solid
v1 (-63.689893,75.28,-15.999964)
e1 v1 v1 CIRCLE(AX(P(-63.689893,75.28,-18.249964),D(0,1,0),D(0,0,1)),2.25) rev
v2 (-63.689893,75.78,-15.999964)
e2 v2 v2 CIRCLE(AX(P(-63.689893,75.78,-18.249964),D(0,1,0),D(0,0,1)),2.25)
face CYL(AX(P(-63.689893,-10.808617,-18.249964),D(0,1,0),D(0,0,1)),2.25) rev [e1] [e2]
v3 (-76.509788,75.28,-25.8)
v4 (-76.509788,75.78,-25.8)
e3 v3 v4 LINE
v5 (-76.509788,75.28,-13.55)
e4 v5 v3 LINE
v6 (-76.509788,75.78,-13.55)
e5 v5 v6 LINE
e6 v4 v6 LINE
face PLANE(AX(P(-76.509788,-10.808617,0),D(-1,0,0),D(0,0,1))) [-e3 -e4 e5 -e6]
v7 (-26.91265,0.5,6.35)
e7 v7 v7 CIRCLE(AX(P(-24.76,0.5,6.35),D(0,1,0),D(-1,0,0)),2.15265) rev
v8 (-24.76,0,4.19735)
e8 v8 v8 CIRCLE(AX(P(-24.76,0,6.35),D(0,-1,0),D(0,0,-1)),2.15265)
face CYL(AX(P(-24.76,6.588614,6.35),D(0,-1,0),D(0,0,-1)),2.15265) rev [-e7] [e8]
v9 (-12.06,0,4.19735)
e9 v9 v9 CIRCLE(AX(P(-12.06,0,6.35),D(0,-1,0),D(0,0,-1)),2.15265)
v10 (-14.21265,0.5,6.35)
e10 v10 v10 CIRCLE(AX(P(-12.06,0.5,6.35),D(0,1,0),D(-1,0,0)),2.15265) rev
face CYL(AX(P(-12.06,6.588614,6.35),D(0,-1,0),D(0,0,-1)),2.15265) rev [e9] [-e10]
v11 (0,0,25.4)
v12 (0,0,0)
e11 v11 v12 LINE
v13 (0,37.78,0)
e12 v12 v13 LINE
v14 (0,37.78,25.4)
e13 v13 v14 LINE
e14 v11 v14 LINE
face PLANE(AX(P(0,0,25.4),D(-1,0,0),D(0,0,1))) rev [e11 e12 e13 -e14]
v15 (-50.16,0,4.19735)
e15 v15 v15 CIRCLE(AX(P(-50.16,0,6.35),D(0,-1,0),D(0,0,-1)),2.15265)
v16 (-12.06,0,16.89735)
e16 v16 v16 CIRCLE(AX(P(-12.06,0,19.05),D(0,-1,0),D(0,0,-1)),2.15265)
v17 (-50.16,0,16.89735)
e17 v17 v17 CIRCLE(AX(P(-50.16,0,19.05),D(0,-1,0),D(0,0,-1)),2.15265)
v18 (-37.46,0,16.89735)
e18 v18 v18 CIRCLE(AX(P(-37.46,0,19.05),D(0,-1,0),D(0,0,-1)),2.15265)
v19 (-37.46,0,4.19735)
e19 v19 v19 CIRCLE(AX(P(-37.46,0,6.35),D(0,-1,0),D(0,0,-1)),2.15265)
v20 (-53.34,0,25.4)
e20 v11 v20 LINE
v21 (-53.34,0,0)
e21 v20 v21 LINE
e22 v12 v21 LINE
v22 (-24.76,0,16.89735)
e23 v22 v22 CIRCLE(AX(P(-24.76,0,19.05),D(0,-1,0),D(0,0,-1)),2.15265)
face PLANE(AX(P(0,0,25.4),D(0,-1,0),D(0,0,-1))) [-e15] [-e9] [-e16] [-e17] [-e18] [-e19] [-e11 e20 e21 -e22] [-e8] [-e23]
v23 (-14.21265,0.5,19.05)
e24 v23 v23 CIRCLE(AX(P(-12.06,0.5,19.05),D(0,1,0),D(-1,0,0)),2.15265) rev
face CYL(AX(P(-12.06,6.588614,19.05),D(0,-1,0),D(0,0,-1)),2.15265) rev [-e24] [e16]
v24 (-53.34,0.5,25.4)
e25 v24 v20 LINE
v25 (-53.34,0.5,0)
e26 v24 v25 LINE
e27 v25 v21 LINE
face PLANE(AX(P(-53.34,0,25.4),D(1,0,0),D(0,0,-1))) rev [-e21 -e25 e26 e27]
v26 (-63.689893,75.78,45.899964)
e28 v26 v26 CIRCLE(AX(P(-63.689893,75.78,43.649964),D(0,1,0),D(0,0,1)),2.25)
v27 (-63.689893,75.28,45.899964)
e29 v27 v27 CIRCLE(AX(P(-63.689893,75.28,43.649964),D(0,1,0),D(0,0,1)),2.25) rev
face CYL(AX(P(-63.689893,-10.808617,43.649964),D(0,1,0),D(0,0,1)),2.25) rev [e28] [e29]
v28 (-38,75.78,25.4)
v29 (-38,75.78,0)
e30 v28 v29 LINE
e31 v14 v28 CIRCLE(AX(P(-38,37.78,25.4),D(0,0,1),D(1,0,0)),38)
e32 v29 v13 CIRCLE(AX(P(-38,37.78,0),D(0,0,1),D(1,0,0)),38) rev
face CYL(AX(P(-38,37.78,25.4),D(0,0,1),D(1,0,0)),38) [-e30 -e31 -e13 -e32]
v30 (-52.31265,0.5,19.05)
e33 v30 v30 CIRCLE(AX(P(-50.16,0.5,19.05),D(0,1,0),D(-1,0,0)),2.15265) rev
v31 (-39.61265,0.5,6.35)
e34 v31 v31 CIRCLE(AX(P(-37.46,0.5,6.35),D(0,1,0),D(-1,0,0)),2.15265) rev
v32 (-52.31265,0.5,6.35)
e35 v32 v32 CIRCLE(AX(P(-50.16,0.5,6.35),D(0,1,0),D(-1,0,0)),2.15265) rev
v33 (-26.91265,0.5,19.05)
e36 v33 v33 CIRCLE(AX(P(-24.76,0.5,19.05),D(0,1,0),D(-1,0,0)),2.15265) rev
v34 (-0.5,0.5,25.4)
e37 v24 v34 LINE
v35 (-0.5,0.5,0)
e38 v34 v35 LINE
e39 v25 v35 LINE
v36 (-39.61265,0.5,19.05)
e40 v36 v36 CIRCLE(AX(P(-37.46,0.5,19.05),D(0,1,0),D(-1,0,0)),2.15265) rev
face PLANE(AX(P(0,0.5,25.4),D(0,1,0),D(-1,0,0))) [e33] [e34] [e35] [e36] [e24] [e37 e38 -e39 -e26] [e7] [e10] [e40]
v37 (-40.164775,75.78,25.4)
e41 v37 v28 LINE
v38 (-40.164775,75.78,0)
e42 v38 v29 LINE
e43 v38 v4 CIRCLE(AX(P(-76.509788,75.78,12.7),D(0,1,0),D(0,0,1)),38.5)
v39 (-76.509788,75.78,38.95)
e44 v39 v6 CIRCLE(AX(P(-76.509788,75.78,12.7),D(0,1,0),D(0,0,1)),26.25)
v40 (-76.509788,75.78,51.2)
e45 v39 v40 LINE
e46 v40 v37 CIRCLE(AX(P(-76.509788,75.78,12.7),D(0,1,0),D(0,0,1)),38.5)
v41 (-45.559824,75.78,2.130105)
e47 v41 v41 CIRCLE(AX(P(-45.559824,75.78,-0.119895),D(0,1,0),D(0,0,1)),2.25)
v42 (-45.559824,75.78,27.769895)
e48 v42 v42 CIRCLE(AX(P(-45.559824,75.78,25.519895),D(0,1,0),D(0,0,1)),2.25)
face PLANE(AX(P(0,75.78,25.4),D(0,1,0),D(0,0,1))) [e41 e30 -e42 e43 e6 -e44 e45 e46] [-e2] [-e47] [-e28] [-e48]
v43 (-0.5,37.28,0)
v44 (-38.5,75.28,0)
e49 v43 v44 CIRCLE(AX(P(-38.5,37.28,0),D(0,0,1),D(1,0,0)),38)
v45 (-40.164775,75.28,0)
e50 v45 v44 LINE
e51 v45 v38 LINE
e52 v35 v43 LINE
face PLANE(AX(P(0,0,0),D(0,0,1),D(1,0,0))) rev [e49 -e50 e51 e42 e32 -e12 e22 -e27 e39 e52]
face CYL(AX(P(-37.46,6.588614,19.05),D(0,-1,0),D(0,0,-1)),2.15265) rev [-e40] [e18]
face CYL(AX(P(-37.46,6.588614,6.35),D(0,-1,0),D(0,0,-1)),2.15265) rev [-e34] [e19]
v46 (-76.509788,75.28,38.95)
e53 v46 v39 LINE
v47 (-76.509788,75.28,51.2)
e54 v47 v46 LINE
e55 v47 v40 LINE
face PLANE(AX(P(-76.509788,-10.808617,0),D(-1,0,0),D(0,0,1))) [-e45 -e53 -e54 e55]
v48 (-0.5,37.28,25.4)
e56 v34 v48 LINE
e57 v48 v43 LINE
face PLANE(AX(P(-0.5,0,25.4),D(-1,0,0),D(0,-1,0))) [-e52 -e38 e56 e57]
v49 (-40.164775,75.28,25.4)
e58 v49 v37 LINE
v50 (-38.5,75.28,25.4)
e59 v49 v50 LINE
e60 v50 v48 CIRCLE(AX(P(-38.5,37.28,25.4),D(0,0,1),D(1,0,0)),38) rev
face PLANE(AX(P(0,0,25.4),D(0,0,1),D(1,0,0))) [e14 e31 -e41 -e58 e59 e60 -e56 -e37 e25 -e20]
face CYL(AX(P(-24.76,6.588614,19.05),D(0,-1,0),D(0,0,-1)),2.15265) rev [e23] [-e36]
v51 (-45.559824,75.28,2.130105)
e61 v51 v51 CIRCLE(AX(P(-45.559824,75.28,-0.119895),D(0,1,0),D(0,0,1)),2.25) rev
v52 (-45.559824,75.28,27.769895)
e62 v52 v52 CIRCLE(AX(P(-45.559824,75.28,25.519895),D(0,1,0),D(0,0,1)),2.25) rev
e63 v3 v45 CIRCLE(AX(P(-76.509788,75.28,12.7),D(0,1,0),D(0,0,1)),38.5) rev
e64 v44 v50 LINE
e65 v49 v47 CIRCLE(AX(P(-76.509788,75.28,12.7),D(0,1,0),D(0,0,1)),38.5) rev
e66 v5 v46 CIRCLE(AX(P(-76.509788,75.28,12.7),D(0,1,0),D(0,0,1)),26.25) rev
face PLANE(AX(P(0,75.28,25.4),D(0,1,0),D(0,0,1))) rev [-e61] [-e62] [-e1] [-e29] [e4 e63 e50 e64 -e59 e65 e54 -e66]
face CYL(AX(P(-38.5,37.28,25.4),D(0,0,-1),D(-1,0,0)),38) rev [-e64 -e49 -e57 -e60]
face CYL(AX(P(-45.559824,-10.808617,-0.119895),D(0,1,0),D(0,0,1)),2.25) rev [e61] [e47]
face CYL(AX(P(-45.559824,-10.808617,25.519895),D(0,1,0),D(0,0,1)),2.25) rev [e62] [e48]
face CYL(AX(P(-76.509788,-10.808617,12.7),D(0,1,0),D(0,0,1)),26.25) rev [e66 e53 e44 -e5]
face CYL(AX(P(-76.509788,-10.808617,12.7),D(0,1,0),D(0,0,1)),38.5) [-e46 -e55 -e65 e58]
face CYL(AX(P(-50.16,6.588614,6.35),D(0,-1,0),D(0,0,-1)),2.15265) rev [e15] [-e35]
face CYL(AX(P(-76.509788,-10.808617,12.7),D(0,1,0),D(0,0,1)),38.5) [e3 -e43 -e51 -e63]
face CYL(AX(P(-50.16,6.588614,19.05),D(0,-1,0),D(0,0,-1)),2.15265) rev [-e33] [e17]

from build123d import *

# Parameters (mm, degrees)
BOSS_EXTRUDE1_DEPTH = 25.4
SKETCH3_R           = 2.15265
CUT_EXTRUDE1_DEPTH  = 0.5
SKETCH2_R           = 2.25
BOSS_EXTRUDE2_DEPTH = 0.5
CUT_EXTRUDE2_DEPTH  = 0.5
FILLET2_R           = 38


with BuildPart() as part:
    # Sketch1 → Boss-Extrude1 (new body)
    with BuildSketch(Plane.XY):
        Polygon((-0.5, 0.5), (-53.34, 0.5), (-53.34, 0), (0, 0), (0, 75.78), (-76.50978813, 75.78), (-76.50978813, 75.28), (-0.5, 75.28), align=None)
    extrude(amount=BOSS_EXTRUDE1_DEPTH)

    # Sketch3 → Cut-Extrude1 (cut)
    with BuildSketch(Plane(origin=(0, 0, 0), x_dir=(-1, 0, 0), z_dir=(0, -1, 0))):
        with Locations(Location((50.16, -19.05, 0), (0, 0, 90))):
            Circle(SKETCH3_R)
        with Locations(Location((37.46, -19.05, 0), (0, 0, 90))):
            Circle(SKETCH3_R)
        with Locations(Location((24.76, -19.05, 0), (0, 0, 90))):
            Circle(SKETCH3_R)
        with Locations(Location((12.06, -19.05, 0), (0, 0, 90))):
            Circle(SKETCH3_R)
        with Locations(Location((37.46, -6.35, 0), (0, 0, 90))):
            Circle(SKETCH3_R)
        with Locations(Location((24.76, -6.35, 0), (0, 0, 90))):
            Circle(SKETCH3_R)
        with Locations(Location((12.06, -6.35, 0), (0, 0, 90))):
            Circle(SKETCH3_R)
        with Locations(Location((50.16, -6.35, 0), (0, 0, 90))):
            Circle(SKETCH3_R)
    extrude(amount=-CUT_EXTRUDE1_DEPTH, mode=Mode.SUBTRACT)

    # Sketch2 → Boss-Extrude2 (add)
    with BuildSketch(Plane(origin=(0, 75.78, 0), x_dir=(1, 0, 0), z_dir=(0, 1, 0))):
        with BuildLine():
            ThreePointArc((-38.00978813, -12.7), (-49.286177054, 14.523611076), (-76.50978813, 25.8))
            Line((-76.50978813, 25.8), (-76.50978813, 13.55))
            ThreePointArc((-76.50978813, 13.55), (-57.948235124, 5.861553006), (-50.25978813, -12.7))
            ThreePointArc((-50.25978813, -12.7), (-57.948235124, -31.261553006), (-76.50978813, -38.95))
            Line((-76.50978813, -38.95), (-76.50978813, -51.2))
            ThreePointArc((-76.50978813, -51.2), (-49.286177054, -39.923611076), (-38.00978813, -12.7))
        make_face()
        with Locations(Location((-63.689893146, -43.649964339, 0), (0, 0, 270))):
            Circle(SKETCH2_R, mode=Mode.SUBTRACT)
        with Locations((-45.559823791, -25.519894984)):
            Circle(SKETCH2_R, mode=Mode.SUBTRACT)
        with Locations((-45.559823791, 0.119894984)):
            Circle(SKETCH2_R, mode=Mode.SUBTRACT)
        with Locations(Location((-63.689893146, 18.249964339, 0), (0, 0, 270))):
            Circle(SKETCH2_R, mode=Mode.SUBTRACT)
    extrude(amount=-BOSS_EXTRUDE2_DEPTH)

    # Sketch2<3> → Cut-Extrude2 (cut)
    with BuildSketch(Plane(origin=(0, 75.78, 0), x_dir=(1, 0, 0), z_dir=(0, 1, 0))):
        with BuildLine():
            Line((-43.313020463, -25.4), (-47.806627118, -25.4))
            ThreePointArc((-47.806627118, -25.4), (-45.619792587, -27.769095674), (-43.309823791, -25.519894984))
            ThreePointArc((-43.309823791, -25.519894984), (-43.310623101, -25.459926188), (-43.313020463, -25.4))
        make_face()
        with BuildLine():
            ThreePointArc((-43.313020463, -25.4), (-45.559823791, -23.269894984), (-47.806627118, -25.4))
            Line((-47.806627118, -25.4), (-43.313020463, -25.4))
        make_face()
        with BuildLine():
            Line((-43.313020463, 0), (-47.806627118, 0))
            ThreePointArc((-47.806627118, 0), (-45.559823791, -2.130105016), (-43.313020463, 0))
        make_face()
        with BuildLine():
            ThreePointArc((-43.309823791, 0.119894984), (-45.619792587, 2.369095674), (-47.806627118, 0))
            Line((-47.806627118, 0), (-43.313020463, 0))
            ThreePointArc((-43.313020463, 0), (-43.310623101, 0.059926188), (-43.309823791, 0.119894984))
        make_face()
        with BuildLine():
            Line((-71.249275888, 0), (-76.50978813, -12.7))
            Line((-76.50978813, -12.7), (-76.50978813, -25.4))
            Line((-76.50978813, -25.4), (-53.536488411, -25.4))
            ThreePointArc((-53.536488411, -25.4), (-51.092160215, -19.257948702), (-50.25978813, -12.7))
            ThreePointArc((-50.25978813, -12.7), (-51.092160215, -6.142051298), (-53.536488411, 0))
            Line((-53.536488411, 0), (-71.249275888, 0))
        make_face()
        Polygon((-76.50978813, 0), (-76.50978813, -12.7), (-71.249275888, 0), align=None)
    extrude(amount=-CUT_EXTRUDE2_DEPTH, mode=Mode.SUBTRACT)

    # Fillet2
    fillet2_edges = [part.edges().sort_by_distance(p)[0] for p in [
        (-0.5, 75.28, 12.7),
        (0, 75.78, 12.7),
    ]]
    fillet(fillet2_edges, radius=FILLET2_R)


solid = part.part
